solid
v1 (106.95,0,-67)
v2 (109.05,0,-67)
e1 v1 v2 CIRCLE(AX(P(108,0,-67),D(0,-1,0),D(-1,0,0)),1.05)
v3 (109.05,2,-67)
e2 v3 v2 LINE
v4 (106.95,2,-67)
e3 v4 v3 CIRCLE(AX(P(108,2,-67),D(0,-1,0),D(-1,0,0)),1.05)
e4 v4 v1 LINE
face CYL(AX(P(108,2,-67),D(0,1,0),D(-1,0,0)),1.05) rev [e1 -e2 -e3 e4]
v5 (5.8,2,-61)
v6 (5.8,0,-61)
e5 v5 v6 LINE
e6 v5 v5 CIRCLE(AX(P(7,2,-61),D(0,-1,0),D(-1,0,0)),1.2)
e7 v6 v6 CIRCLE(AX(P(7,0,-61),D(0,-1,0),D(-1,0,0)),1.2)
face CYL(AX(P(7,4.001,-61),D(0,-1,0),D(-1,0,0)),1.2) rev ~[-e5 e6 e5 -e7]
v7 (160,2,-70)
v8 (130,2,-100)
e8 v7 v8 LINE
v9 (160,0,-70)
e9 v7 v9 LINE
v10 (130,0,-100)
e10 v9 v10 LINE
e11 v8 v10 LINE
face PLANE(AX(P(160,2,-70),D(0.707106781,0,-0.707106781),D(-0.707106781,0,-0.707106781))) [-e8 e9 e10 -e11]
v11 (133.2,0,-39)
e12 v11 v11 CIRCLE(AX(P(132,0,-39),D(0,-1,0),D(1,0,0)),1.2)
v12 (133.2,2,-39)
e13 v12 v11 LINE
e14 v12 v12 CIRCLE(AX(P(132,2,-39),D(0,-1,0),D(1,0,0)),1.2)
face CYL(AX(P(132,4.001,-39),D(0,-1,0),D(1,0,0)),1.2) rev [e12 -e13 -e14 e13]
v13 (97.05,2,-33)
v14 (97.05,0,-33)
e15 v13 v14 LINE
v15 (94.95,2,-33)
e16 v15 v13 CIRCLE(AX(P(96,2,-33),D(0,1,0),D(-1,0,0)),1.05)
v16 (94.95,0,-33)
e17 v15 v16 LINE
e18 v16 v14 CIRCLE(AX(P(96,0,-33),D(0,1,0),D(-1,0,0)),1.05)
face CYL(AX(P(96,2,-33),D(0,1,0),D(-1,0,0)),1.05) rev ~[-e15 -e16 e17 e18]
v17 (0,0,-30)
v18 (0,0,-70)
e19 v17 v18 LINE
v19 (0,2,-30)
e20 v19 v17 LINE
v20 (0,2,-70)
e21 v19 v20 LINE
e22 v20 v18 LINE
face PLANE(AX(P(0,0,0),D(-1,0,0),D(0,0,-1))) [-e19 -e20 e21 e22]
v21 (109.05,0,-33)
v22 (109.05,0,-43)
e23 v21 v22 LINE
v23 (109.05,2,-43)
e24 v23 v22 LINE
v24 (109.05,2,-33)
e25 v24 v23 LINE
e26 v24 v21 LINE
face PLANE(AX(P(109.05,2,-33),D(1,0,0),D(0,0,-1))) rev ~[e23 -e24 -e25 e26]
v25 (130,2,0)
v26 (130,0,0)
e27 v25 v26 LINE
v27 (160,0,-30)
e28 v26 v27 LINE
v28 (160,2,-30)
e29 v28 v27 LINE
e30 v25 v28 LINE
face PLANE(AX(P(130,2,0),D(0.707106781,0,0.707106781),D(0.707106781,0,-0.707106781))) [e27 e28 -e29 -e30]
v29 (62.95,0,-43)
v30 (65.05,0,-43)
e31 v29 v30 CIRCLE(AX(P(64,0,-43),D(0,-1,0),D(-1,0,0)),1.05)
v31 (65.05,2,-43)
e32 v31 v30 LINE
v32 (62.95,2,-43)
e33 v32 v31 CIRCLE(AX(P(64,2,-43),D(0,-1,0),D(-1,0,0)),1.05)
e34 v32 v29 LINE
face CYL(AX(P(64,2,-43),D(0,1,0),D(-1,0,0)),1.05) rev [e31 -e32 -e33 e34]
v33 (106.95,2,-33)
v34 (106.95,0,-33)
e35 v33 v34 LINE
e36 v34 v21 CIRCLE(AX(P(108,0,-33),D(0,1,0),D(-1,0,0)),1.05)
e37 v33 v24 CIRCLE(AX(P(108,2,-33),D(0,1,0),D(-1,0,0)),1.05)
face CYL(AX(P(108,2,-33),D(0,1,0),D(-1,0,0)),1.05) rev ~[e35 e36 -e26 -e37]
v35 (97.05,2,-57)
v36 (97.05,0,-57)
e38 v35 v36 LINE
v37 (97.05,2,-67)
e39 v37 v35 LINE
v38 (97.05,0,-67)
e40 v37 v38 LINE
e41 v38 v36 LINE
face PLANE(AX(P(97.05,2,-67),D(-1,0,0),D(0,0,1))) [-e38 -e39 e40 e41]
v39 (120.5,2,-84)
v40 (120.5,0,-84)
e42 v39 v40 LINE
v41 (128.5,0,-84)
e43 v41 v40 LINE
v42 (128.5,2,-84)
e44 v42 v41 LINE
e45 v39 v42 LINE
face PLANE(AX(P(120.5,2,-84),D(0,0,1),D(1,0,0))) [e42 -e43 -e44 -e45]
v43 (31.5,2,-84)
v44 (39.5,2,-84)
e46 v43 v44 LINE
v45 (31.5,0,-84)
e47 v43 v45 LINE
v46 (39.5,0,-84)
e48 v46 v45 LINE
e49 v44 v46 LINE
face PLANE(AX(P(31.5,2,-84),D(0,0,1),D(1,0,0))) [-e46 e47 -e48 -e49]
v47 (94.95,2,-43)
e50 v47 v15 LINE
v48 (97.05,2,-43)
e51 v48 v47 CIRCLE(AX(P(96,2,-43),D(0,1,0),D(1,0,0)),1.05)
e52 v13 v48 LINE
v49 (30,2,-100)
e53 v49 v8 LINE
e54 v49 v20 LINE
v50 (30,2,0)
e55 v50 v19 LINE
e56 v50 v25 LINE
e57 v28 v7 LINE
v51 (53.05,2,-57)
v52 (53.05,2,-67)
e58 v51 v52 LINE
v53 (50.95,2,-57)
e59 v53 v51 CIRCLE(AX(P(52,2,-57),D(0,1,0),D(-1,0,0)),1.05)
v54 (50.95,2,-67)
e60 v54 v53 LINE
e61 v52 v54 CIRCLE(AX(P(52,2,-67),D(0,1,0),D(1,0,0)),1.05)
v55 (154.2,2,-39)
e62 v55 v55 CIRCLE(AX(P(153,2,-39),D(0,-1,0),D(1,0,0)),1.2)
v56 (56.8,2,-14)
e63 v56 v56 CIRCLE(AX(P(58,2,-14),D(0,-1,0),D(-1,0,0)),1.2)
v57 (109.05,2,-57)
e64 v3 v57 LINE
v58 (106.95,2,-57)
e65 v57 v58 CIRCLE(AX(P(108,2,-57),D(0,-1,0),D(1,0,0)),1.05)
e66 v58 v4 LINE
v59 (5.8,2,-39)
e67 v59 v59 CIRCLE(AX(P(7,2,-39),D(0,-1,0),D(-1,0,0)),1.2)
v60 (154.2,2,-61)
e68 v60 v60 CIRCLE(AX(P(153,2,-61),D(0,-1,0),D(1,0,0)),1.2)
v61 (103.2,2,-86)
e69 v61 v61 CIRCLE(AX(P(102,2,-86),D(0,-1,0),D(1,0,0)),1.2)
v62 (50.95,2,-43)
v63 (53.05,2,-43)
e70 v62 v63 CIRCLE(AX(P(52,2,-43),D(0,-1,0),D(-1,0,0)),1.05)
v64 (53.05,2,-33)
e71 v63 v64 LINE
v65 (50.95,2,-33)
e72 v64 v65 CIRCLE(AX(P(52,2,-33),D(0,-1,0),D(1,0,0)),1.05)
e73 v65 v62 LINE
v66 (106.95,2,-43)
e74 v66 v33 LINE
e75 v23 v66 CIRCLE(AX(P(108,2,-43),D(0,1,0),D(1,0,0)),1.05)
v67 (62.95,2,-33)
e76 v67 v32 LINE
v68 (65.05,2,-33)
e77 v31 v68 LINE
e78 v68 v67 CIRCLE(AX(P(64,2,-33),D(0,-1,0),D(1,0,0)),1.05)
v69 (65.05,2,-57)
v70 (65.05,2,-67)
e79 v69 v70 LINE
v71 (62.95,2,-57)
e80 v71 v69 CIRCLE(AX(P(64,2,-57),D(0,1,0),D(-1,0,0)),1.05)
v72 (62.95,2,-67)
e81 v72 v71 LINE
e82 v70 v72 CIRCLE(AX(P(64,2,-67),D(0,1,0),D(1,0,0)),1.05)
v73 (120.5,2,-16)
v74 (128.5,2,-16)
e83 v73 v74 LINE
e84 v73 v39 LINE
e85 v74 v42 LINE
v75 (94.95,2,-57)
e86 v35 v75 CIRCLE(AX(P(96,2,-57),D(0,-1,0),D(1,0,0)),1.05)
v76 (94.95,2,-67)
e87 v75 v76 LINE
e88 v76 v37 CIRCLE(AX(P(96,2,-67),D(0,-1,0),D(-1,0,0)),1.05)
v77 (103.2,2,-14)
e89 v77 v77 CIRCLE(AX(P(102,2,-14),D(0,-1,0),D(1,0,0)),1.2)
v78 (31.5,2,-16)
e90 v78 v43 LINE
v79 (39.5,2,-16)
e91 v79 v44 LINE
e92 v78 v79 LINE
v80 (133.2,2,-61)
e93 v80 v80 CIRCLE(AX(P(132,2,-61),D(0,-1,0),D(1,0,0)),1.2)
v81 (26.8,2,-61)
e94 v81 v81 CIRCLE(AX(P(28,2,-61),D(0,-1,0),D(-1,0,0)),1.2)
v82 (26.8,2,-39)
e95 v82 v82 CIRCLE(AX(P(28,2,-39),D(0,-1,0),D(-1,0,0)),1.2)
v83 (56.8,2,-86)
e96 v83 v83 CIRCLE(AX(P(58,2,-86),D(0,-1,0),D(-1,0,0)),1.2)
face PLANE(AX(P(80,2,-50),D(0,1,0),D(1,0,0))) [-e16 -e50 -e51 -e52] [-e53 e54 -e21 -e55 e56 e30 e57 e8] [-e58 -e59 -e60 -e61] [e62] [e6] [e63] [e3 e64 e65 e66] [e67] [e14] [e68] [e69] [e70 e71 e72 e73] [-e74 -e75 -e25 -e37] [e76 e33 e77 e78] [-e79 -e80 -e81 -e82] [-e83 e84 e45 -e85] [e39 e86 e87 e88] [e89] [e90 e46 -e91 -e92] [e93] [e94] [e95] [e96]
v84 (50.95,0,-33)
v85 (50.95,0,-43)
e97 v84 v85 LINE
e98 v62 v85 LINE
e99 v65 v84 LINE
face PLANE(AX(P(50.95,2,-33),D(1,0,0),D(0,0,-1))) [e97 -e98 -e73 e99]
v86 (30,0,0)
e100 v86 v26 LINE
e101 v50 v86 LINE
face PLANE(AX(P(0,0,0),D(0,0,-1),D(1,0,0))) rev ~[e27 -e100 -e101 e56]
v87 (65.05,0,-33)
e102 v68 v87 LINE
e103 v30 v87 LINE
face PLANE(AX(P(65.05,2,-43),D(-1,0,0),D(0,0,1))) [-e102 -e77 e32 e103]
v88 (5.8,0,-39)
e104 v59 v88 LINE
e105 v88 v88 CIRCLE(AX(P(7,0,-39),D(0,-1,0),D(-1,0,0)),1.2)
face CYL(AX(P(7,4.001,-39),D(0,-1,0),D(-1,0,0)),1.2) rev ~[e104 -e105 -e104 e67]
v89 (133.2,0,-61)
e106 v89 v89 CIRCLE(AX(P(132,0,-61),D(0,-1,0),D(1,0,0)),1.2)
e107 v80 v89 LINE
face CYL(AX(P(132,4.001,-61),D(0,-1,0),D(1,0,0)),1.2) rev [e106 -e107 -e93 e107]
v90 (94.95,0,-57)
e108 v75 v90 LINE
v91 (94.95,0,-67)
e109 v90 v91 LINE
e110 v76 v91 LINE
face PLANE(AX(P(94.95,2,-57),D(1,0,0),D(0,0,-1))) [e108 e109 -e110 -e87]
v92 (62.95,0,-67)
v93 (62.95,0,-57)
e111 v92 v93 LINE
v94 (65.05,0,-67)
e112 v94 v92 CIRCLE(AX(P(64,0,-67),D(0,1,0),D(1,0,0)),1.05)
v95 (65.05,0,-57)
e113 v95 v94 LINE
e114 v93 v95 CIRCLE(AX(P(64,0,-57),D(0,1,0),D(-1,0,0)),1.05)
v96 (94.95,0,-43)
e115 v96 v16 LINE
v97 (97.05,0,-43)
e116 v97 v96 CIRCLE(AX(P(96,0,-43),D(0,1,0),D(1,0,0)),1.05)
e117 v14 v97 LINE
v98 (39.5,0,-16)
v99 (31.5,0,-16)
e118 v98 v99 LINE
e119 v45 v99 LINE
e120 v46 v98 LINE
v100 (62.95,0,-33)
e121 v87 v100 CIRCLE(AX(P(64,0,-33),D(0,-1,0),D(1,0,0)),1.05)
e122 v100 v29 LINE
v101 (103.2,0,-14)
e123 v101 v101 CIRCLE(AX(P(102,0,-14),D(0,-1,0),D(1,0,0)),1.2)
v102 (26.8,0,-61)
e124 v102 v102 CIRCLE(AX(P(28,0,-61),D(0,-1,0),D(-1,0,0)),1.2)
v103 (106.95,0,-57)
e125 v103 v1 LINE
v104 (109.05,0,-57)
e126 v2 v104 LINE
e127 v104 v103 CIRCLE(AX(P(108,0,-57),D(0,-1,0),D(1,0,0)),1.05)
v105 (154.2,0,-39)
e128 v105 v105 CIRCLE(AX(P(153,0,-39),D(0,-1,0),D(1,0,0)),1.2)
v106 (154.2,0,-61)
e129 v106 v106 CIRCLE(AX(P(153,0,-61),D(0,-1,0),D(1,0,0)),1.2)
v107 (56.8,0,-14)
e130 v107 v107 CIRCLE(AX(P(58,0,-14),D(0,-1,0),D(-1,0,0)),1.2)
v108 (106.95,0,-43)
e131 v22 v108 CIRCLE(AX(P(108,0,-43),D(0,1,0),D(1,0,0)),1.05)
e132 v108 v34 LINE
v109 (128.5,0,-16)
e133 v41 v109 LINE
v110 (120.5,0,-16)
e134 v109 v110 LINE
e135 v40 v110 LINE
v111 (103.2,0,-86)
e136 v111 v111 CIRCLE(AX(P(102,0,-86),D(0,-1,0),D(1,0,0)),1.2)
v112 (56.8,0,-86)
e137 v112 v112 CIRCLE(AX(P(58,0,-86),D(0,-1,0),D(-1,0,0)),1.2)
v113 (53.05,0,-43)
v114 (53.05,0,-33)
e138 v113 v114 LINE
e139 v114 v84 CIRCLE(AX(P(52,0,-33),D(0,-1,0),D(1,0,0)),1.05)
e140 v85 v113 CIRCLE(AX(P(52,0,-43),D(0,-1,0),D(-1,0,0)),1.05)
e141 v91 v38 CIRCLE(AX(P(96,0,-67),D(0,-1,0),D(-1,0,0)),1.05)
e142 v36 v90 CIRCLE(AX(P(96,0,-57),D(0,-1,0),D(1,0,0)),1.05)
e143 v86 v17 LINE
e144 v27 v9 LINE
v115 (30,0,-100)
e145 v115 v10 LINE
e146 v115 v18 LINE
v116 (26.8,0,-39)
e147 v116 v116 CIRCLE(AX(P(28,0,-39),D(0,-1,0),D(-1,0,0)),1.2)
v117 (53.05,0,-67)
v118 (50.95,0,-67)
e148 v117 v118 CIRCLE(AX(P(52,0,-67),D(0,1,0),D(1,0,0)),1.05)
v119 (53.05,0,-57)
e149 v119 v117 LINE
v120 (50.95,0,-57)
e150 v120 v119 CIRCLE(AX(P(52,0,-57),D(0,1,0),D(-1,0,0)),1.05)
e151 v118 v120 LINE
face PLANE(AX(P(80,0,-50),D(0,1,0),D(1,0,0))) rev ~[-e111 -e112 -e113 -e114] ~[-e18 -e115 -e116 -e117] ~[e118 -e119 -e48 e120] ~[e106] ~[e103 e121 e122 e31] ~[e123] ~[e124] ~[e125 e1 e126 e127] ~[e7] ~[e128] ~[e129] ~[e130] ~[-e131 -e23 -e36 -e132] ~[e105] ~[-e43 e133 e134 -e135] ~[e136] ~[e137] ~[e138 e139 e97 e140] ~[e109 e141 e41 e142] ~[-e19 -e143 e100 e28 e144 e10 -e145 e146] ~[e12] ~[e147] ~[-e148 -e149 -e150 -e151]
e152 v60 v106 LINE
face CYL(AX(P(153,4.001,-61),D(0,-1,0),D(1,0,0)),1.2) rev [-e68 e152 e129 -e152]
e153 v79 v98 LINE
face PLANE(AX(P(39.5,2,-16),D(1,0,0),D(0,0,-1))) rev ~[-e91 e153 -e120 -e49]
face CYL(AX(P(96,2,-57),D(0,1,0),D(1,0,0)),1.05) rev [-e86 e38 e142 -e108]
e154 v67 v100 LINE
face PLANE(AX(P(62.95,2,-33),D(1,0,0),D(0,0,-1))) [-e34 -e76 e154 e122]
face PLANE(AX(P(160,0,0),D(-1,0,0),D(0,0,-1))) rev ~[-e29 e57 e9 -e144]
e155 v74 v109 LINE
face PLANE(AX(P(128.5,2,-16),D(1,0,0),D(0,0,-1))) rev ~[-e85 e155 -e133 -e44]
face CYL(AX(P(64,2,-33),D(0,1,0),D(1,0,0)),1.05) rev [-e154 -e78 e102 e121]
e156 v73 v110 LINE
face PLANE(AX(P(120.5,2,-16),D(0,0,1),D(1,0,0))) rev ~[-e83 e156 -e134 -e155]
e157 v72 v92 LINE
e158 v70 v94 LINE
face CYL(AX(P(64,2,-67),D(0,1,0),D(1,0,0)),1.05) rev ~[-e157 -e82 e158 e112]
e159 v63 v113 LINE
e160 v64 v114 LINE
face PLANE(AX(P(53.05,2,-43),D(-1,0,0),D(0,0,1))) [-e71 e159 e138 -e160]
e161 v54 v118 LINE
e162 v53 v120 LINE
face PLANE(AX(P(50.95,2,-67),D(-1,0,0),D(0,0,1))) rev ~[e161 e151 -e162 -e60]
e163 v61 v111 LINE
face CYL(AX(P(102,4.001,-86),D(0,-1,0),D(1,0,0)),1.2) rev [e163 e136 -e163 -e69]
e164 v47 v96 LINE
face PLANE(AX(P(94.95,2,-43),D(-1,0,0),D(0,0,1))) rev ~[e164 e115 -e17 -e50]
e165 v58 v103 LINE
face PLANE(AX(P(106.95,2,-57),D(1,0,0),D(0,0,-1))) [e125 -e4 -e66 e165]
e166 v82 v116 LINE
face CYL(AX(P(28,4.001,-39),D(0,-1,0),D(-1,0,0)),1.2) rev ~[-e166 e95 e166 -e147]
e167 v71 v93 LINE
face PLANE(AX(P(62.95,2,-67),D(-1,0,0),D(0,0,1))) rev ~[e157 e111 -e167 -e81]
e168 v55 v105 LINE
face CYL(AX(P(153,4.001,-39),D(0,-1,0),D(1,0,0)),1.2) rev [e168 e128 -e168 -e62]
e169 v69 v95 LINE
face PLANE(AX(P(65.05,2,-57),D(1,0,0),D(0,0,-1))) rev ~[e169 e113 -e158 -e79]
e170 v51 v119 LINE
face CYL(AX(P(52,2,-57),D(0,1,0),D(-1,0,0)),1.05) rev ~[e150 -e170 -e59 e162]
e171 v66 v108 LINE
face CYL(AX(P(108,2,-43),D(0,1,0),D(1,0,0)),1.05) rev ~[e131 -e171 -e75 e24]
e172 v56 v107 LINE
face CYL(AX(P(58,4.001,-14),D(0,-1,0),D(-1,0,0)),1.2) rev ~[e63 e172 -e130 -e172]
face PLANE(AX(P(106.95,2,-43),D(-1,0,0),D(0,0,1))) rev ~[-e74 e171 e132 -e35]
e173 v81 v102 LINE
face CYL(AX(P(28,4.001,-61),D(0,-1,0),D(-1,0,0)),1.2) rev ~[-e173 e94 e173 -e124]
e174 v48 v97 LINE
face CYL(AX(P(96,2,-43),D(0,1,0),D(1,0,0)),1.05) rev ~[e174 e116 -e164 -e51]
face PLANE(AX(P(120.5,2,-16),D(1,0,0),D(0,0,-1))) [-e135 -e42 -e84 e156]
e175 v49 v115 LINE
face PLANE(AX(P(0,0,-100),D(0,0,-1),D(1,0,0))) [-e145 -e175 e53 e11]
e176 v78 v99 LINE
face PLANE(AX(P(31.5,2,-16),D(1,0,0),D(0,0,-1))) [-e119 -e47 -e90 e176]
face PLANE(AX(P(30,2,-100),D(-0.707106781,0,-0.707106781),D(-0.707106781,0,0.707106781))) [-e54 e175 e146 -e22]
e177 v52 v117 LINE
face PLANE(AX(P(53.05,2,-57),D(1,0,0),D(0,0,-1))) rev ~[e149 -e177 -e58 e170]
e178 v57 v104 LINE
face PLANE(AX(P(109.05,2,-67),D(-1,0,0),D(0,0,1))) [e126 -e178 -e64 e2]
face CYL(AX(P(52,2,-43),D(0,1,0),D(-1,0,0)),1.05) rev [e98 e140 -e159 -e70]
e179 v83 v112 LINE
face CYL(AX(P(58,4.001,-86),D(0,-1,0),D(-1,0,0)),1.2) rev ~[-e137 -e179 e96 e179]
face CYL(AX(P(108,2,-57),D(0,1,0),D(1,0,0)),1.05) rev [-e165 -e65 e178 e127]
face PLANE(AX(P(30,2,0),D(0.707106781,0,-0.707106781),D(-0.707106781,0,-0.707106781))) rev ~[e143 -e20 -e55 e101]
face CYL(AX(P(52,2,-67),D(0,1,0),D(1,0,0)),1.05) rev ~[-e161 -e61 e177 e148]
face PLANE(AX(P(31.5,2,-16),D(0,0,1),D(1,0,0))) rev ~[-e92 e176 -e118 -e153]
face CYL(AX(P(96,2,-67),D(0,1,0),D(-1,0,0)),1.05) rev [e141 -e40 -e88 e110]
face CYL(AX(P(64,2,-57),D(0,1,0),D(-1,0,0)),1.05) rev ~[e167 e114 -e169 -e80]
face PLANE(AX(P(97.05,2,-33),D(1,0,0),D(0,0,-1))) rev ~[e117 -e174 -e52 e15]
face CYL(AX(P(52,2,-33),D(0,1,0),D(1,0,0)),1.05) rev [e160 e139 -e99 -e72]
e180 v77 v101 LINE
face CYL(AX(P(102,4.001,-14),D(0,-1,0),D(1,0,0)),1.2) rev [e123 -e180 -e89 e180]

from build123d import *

# Parameters (mm, degrees)
ESQUISSE1_W                         = 160
ESQUISSE1_H                         = 100
BOSS_EXTRU_1_DEPTH                  = 2
ENL_V_MAT_EXTRU_1_DEPTH             = 2
ENL_V_MAT_EXTRU_2_DEPTH             = 2
D_GAGEMENT_M21_D                    = 2.4
D_GAGEMENT_M21_DEPTH                = 2.001
D_GAGEMENT_M22_D                    = 2.4
D_GAGEMENT_M22_DEPTH                = 2.001
ENL_V_MAT_EXTRU_5_REACH             = 4
ESQUISSE11_W                        = 8
ESQUISSE11_H                        = 68
ENL_V_MAT_EXTRU_5_DIRECTION_2_DEPTH = 1


with BuildPart() as part:
    # Esquisse1 → Boss.-Extru.1 (new body)
    with BuildSketch(Plane(origin=(0, 0, 0), x_dir=(1, 0, 0), z_dir=(0, 1, 0))):
        with Locations((80, 50)):
            Rectangle(ESQUISSE1_W, ESQUISSE1_H)
    extrude(amount=BOSS_EXTRU_1_DEPTH)

    # Esquisse2 → Enlèv. mat.-Extru.1 (cut)
    with BuildSketch(Plane(origin=(0, 2, 0), x_dir=(1, 0, 0), z_dir=(0, 1, 0))):
        Polygon((30, 0), (0, 30), (0, 0), align=None)
        Polygon((30, 100), (0, 70), (0, 100), align=None)
        Polygon((130, 0), (160, 30), (160, 0), align=None)
        Polygon((130, 100), (160, 100), (160, 70), align=None)
    extrude(amount=-ENL_V_MAT_EXTRU_1_DEPTH, mode=Mode.SUBTRACT)

    # Esquisse3 → Enlèv. mat.-Extru.2 (cut)
    with BuildSketch(Plane(origin=(0, 2, 0), x_dir=(1, 0, 0), z_dir=(0, 1, 0))):
        with BuildLine():
            Line((65.05, 43), (65.05, 33))
            ThreePointArc((65.05, 33), (64, 31.95), (62.95, 33))
            Line((62.95, 33), (62.95, 43))
            ThreePointArc((62.95, 43), (64, 44.05), (65.05, 43))
        make_face()
        with BuildLine():
            Line((50.95, 33), (50.95, 43))
            ThreePointArc((50.95, 43), (52, 44.05), (53.05, 43))
            Line((53.05, 43), (53.05, 33))
            ThreePointArc((53.05, 33), (52, 31.95), (50.95, 33))
        make_face()
        with BuildLine():
            Line((109.05, 33), (109.05, 43))
            ThreePointArc((109.05, 43), (108, 44.05), (106.95, 43))
            Line((106.95, 43), (106.95, 33))
            ThreePointArc((106.95, 33), (108, 31.95), (109.05, 33))
        make_face()
        with BuildLine():
            Line((94.95, 43), (94.95, 33))
            ThreePointArc((94.95, 33), (96, 31.95), (97.05, 33))
            Line((97.05, 33), (97.05, 43))
            ThreePointArc((97.05, 43), (96, 44.05), (94.95, 43))
        make_face()
        with BuildLine():
            Line((50.95, 67), (50.95, 57))
            ThreePointArc((50.95, 57), (52, 55.95), (53.05, 57))
            Line((53.05, 57), (53.05, 67))
            ThreePointArc((53.05, 67), (52, 68.05), (50.95, 67))
        make_face()
        with BuildLine():
            Line((65.05, 57), (65.05, 67))
            ThreePointArc((65.05, 67), (64, 68.05), (62.95, 67))
            Line((62.95, 67), (62.95, 57))
            ThreePointArc((62.95, 57), (64, 55.95), (65.05, 57))
        make_face()
        with BuildLine():
            Line((94.95, 57), (94.95, 67))
            ThreePointArc((94.95, 67), (96, 68.05), (97.05, 67))
            Line((97.05, 67), (97.05, 57))
            ThreePointArc((97.05, 57), (96, 55.95), (94.95, 57))
        make_face()
        with BuildLine():
            Line((109.05, 67), (109.05, 57))
            ThreePointArc((109.05, 57), (108, 55.95), (106.95, 57))
            Line((106.95, 57), (106.95, 67))
            ThreePointArc((106.95, 67), (108, 68.05), (109.05, 67))
        make_face()
    extrude(amount=-ENL_V_MAT_EXTRU_2_DEPTH, mode=Mode.SUBTRACT)

    # Dégagement M21
    with Locations(Plane(origin=(0, 2, 0), x_dir=(1, 0, 0), z_dir=(0, 1, 0))):
        with Locations((28, 39), (28, 61), (7, 61), (7, 39)):
            d_gagement_m21 = Hole(D_GAGEMENT_M21_D / 2, depth=D_GAGEMENT_M21_DEPTH)

    # Dégagement M22
    with Locations(Plane(origin=(0, 2, 0), x_dir=(1, 0, 0), z_dir=(0, 1, 0))):
        with Locations((58, 14), (58, 86)):
            d_gagement_m22 = Hole(D_GAGEMENT_M22_D / 2, depth=D_GAGEMENT_M22_DEPTH)

    # Symétrie1: Dégagement M21, Dégagement M22 across plane
    add(d_gagement_m21.mirror(Plane.ZY.offset(-80)), mode=Mode.SUBTRACT)
    add(d_gagement_m22.mirror(Plane.ZY.offset(-80)), mode=Mode.SUBTRACT)

    # Esquisse11 → Enlèv. mat.-Extru.5 (cut, up to next)
    with BuildSketch(Plane(origin=(0, 2, 0), x_dir=(1, 0, 0), z_dir=(0, 1, 0)), mode=Mode.PRIVATE) as enl_v_mat_extru_5_sk1:
        with Locations((35.5, 50)):
            Rectangle(ESQUISSE11_W, ESQUISSE11_H)
    enl_v_mat_extru_5_tool1 = extrude(enl_v_mat_extru_5_sk1.sketch, amount=-ENL_V_MAT_EXTRU_5_REACH, mode=Mode.PRIVATE) & part.part
    add(enl_v_mat_extru_5_tool1.solids().sort_by_distance((35.5, 2, -50))[0], mode=Mode.SUBTRACT)
    # Esquisse11 → Enlèv. mat.-Extru.5 (cut, up to next)
    with BuildSketch(Plane(origin=(0, 2, 0), x_dir=(1, 0, 0), z_dir=(0, 1, 0)), mode=Mode.PRIVATE) as enl_v_mat_extru_5_sk2:
        with Locations((124.5, 50)):
            Rectangle(ESQUISSE11_W, ESQUISSE11_H)
    enl_v_mat_extru_5_tool2 = extrude(enl_v_mat_extru_5_sk2.sketch, amount=-ENL_V_MAT_EXTRU_5_REACH, mode=Mode.PRIVATE) & part.part
    add(enl_v_mat_extru_5_tool2.solids().sort_by_distance((124.5, 2, -50))[0], mode=Mode.SUBTRACT)

    # Esquisse11 → Enlèv. mat.-Extru.5 direction 2 (cut)
    with BuildSketch(Plane(origin=(0, 2, 0), x_dir=(1, 0, 0), z_dir=(0, 1, 0))):
        with Locations((35.5, 50)):
            Rectangle(ESQUISSE11_W, ESQUISSE11_H)
        with Locations((124.5, 50)):
            Rectangle(ESQUISSE11_W, ESQUISSE11_H)
    extrude(amount=ENL_V_MAT_EXTRU_5_DIRECTION_2_DEPTH, mode=Mode.SUBTRACT)


solid = part.part
